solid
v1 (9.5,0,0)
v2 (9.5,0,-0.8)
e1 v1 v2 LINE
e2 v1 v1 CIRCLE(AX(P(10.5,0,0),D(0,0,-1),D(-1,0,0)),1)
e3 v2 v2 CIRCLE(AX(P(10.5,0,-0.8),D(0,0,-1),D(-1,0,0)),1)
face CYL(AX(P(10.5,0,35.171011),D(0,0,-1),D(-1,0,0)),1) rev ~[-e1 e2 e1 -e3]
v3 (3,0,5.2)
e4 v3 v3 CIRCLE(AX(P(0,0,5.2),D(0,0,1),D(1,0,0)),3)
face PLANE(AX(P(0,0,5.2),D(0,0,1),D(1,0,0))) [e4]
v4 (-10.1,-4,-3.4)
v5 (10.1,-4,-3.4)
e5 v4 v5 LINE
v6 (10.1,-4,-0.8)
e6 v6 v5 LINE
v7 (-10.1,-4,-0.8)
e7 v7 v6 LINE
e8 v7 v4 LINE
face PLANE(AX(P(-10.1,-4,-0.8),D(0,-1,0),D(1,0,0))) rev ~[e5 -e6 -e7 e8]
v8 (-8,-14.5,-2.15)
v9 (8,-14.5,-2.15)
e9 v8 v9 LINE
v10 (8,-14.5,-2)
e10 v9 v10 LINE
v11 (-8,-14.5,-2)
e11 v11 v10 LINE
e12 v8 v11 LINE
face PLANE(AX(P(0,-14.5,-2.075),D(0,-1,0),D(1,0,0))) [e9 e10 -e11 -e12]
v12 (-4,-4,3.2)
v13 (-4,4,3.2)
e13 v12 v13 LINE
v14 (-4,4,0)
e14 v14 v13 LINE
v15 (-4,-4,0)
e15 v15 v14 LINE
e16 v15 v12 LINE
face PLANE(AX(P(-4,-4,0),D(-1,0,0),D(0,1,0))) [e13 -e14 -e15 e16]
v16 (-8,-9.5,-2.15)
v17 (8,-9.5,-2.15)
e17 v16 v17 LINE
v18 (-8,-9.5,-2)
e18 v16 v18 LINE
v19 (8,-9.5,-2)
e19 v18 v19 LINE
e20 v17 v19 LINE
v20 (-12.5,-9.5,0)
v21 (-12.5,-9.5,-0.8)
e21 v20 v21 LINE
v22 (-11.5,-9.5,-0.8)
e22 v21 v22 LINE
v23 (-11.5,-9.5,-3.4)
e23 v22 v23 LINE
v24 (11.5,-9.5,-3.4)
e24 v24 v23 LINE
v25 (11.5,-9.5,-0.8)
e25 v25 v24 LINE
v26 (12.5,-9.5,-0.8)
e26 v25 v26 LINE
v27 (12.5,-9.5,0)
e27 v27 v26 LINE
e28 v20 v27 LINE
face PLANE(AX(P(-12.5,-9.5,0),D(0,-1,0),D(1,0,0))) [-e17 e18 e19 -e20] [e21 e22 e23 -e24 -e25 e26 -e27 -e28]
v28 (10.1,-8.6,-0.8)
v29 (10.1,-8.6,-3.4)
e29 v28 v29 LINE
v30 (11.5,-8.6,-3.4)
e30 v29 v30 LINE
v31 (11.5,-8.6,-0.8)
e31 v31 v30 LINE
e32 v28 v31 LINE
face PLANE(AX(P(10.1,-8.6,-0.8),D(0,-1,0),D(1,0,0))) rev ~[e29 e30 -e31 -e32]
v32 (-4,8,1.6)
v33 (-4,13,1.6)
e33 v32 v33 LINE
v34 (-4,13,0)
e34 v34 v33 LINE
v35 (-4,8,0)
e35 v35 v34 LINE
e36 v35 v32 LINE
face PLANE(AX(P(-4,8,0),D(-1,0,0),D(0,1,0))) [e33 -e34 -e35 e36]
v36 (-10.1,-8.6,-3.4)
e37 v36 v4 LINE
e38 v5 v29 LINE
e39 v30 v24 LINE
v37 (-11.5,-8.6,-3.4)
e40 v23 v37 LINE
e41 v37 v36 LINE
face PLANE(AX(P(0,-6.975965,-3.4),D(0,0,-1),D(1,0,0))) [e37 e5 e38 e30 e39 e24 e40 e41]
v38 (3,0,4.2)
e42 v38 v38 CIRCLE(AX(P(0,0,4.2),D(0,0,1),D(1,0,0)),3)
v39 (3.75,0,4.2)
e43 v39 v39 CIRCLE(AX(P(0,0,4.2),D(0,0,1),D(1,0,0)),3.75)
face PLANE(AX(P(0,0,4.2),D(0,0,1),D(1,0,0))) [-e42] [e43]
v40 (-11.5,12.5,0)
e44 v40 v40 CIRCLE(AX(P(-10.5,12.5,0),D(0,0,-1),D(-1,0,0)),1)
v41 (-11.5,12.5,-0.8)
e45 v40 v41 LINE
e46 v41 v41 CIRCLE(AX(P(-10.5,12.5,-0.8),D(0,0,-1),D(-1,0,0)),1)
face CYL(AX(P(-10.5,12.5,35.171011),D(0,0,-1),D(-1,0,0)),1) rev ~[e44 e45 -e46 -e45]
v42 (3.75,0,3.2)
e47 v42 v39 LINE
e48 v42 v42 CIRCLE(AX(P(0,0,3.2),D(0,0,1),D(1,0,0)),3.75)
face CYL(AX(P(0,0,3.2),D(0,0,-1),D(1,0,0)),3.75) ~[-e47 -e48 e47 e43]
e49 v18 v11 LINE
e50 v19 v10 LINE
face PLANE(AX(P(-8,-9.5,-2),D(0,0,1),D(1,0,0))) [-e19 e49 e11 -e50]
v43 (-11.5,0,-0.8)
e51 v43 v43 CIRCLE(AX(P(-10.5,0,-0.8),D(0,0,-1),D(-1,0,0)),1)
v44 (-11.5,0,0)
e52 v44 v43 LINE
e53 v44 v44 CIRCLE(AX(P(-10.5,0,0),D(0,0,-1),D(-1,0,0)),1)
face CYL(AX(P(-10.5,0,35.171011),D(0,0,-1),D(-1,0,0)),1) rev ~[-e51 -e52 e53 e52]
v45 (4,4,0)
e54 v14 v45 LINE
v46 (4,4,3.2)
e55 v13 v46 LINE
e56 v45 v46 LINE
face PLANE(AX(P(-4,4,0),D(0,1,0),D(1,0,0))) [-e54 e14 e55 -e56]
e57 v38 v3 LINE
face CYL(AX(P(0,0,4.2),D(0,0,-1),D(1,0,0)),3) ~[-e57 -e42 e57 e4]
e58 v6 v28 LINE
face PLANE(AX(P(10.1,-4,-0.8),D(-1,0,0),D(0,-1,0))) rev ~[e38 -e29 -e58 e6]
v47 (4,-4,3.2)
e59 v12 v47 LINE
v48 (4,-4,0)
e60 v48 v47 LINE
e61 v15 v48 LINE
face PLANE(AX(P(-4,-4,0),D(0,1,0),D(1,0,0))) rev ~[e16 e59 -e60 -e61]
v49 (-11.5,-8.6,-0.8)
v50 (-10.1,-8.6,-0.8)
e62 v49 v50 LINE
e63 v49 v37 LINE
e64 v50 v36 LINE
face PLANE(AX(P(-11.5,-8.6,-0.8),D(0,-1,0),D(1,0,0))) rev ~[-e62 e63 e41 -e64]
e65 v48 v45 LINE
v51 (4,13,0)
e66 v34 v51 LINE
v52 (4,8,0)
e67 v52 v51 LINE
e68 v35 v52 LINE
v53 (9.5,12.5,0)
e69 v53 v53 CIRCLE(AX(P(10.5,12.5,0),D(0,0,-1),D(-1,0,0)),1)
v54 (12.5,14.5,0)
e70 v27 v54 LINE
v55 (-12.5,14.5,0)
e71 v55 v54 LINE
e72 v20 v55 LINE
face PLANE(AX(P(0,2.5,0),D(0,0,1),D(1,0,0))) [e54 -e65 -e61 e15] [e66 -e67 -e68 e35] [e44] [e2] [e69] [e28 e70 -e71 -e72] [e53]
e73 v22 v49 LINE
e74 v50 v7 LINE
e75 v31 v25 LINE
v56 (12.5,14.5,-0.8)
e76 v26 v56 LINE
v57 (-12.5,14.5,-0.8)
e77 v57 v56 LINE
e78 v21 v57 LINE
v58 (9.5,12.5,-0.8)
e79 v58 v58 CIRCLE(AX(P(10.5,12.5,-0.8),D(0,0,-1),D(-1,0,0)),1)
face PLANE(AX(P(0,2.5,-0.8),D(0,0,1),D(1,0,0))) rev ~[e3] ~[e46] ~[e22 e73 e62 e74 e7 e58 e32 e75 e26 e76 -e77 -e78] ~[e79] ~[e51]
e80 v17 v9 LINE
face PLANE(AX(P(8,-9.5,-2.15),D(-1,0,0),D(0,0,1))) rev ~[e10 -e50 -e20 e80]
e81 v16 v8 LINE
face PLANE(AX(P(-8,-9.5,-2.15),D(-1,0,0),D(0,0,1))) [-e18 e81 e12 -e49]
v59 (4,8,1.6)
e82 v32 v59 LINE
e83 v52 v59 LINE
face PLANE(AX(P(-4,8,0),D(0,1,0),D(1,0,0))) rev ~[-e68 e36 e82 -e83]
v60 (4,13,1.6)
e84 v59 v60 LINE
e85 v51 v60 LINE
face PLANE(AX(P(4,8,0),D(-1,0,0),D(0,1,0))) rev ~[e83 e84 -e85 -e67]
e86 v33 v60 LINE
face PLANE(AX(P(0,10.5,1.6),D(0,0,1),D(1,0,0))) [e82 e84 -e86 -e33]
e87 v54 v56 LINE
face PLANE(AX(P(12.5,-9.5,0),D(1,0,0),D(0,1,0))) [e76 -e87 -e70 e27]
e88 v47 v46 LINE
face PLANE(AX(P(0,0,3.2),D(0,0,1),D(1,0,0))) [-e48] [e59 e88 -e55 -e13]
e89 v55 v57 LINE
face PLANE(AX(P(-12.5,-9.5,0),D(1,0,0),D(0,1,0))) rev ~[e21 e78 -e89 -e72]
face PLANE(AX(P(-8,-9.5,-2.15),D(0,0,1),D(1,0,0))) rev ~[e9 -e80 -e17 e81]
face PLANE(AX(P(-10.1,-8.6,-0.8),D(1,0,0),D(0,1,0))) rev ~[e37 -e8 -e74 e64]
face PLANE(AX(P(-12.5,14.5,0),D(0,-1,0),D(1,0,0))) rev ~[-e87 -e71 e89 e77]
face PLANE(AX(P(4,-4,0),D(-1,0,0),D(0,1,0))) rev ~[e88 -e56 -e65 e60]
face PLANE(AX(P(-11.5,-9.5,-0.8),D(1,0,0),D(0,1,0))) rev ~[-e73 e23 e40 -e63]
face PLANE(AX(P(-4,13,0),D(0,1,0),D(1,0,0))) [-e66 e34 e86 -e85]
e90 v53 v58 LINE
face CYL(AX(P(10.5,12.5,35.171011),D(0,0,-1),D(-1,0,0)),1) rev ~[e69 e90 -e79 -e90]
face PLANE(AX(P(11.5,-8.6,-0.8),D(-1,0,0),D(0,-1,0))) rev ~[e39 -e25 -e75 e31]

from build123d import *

# Parameters (mm, degrees)
F0_W      = 25
F0_H      = 24
F1_DEPTH  = 0.8
F2_W      = 8
F2_H      = 8
F3_DEPTH  = 3.2
F4_R      = 3.75
F5_DEPTH  = 1
F6_R      = 3
F7_DEPTH  = 1
F9_D      = 2
F10_W     = 8
F10_H     = 5
F11_DEPTH = 1.6
F13_DEPTH = 2.6
F14_W     = 16
F14_H     = 0.15
F15_DEPTH = 5


with BuildPart() as f1:
    # F0 (on Top) → F1 (new body)
    with BuildSketch(Plane.XY):
        with Locations((0, 2.5)):
            Rectangle(F0_W, F0_H)
    extrude(amount=-F1_DEPTH)

    # F2 (on face) → F3 (join)
    with BuildSketch(Plane.XY):
        Rectangle(F2_W, F2_H)
    extrude(amount=F3_DEPTH)

    # F4 (on face) → F5 (join)
    with BuildSketch(Plane.XY.offset(3.2)):
        Circle(F4_R)
    extrude(amount=F5_DEPTH)

    # F6 (on face) → F7 (join)
    with BuildSketch(Plane.XY.offset(4.2)):
        Circle(F6_R)
    extrude(amount=F7_DEPTH)

    # F9 (through all)
    with Locations(Plane.XY):
        with Locations((-10.5, 12.5), (10.5, 12.5), (10.5, 0), (-10.5, 0)):
            Hole(F9_D / 2)

    # F10 (on face) → F11 (join)
    with BuildSketch(Plane.XY):
        with Locations((0, 10.5)):
            Rectangle(F10_W, F10_H)
    extrude(amount=F11_DEPTH)

    # F12 (on face) → F13 (join)
    with BuildSketch(Plane(origin=(0, 0, -0.8), x_dir=(1, 0, 0), z_dir=(0, 0, -1))):
        Polygon((11.5, 9.5), (-11.5, 9.5), (-11.5, 8.6), (-10.1, 8.6), (-10.1, 4), (10.1, 4), (10.1, 8.6), (11.5, 8.6), align=None)
    extrude(amount=F13_DEPTH)

    # F14 (on face) → F15 (join)
    with BuildSketch(Plane.XZ.offset(9.5)):
        with Locations((0, -2.075)):
            Rectangle(F14_W, F14_H)
    extrude(amount=F15_DEPTH)


solid = f1.part
